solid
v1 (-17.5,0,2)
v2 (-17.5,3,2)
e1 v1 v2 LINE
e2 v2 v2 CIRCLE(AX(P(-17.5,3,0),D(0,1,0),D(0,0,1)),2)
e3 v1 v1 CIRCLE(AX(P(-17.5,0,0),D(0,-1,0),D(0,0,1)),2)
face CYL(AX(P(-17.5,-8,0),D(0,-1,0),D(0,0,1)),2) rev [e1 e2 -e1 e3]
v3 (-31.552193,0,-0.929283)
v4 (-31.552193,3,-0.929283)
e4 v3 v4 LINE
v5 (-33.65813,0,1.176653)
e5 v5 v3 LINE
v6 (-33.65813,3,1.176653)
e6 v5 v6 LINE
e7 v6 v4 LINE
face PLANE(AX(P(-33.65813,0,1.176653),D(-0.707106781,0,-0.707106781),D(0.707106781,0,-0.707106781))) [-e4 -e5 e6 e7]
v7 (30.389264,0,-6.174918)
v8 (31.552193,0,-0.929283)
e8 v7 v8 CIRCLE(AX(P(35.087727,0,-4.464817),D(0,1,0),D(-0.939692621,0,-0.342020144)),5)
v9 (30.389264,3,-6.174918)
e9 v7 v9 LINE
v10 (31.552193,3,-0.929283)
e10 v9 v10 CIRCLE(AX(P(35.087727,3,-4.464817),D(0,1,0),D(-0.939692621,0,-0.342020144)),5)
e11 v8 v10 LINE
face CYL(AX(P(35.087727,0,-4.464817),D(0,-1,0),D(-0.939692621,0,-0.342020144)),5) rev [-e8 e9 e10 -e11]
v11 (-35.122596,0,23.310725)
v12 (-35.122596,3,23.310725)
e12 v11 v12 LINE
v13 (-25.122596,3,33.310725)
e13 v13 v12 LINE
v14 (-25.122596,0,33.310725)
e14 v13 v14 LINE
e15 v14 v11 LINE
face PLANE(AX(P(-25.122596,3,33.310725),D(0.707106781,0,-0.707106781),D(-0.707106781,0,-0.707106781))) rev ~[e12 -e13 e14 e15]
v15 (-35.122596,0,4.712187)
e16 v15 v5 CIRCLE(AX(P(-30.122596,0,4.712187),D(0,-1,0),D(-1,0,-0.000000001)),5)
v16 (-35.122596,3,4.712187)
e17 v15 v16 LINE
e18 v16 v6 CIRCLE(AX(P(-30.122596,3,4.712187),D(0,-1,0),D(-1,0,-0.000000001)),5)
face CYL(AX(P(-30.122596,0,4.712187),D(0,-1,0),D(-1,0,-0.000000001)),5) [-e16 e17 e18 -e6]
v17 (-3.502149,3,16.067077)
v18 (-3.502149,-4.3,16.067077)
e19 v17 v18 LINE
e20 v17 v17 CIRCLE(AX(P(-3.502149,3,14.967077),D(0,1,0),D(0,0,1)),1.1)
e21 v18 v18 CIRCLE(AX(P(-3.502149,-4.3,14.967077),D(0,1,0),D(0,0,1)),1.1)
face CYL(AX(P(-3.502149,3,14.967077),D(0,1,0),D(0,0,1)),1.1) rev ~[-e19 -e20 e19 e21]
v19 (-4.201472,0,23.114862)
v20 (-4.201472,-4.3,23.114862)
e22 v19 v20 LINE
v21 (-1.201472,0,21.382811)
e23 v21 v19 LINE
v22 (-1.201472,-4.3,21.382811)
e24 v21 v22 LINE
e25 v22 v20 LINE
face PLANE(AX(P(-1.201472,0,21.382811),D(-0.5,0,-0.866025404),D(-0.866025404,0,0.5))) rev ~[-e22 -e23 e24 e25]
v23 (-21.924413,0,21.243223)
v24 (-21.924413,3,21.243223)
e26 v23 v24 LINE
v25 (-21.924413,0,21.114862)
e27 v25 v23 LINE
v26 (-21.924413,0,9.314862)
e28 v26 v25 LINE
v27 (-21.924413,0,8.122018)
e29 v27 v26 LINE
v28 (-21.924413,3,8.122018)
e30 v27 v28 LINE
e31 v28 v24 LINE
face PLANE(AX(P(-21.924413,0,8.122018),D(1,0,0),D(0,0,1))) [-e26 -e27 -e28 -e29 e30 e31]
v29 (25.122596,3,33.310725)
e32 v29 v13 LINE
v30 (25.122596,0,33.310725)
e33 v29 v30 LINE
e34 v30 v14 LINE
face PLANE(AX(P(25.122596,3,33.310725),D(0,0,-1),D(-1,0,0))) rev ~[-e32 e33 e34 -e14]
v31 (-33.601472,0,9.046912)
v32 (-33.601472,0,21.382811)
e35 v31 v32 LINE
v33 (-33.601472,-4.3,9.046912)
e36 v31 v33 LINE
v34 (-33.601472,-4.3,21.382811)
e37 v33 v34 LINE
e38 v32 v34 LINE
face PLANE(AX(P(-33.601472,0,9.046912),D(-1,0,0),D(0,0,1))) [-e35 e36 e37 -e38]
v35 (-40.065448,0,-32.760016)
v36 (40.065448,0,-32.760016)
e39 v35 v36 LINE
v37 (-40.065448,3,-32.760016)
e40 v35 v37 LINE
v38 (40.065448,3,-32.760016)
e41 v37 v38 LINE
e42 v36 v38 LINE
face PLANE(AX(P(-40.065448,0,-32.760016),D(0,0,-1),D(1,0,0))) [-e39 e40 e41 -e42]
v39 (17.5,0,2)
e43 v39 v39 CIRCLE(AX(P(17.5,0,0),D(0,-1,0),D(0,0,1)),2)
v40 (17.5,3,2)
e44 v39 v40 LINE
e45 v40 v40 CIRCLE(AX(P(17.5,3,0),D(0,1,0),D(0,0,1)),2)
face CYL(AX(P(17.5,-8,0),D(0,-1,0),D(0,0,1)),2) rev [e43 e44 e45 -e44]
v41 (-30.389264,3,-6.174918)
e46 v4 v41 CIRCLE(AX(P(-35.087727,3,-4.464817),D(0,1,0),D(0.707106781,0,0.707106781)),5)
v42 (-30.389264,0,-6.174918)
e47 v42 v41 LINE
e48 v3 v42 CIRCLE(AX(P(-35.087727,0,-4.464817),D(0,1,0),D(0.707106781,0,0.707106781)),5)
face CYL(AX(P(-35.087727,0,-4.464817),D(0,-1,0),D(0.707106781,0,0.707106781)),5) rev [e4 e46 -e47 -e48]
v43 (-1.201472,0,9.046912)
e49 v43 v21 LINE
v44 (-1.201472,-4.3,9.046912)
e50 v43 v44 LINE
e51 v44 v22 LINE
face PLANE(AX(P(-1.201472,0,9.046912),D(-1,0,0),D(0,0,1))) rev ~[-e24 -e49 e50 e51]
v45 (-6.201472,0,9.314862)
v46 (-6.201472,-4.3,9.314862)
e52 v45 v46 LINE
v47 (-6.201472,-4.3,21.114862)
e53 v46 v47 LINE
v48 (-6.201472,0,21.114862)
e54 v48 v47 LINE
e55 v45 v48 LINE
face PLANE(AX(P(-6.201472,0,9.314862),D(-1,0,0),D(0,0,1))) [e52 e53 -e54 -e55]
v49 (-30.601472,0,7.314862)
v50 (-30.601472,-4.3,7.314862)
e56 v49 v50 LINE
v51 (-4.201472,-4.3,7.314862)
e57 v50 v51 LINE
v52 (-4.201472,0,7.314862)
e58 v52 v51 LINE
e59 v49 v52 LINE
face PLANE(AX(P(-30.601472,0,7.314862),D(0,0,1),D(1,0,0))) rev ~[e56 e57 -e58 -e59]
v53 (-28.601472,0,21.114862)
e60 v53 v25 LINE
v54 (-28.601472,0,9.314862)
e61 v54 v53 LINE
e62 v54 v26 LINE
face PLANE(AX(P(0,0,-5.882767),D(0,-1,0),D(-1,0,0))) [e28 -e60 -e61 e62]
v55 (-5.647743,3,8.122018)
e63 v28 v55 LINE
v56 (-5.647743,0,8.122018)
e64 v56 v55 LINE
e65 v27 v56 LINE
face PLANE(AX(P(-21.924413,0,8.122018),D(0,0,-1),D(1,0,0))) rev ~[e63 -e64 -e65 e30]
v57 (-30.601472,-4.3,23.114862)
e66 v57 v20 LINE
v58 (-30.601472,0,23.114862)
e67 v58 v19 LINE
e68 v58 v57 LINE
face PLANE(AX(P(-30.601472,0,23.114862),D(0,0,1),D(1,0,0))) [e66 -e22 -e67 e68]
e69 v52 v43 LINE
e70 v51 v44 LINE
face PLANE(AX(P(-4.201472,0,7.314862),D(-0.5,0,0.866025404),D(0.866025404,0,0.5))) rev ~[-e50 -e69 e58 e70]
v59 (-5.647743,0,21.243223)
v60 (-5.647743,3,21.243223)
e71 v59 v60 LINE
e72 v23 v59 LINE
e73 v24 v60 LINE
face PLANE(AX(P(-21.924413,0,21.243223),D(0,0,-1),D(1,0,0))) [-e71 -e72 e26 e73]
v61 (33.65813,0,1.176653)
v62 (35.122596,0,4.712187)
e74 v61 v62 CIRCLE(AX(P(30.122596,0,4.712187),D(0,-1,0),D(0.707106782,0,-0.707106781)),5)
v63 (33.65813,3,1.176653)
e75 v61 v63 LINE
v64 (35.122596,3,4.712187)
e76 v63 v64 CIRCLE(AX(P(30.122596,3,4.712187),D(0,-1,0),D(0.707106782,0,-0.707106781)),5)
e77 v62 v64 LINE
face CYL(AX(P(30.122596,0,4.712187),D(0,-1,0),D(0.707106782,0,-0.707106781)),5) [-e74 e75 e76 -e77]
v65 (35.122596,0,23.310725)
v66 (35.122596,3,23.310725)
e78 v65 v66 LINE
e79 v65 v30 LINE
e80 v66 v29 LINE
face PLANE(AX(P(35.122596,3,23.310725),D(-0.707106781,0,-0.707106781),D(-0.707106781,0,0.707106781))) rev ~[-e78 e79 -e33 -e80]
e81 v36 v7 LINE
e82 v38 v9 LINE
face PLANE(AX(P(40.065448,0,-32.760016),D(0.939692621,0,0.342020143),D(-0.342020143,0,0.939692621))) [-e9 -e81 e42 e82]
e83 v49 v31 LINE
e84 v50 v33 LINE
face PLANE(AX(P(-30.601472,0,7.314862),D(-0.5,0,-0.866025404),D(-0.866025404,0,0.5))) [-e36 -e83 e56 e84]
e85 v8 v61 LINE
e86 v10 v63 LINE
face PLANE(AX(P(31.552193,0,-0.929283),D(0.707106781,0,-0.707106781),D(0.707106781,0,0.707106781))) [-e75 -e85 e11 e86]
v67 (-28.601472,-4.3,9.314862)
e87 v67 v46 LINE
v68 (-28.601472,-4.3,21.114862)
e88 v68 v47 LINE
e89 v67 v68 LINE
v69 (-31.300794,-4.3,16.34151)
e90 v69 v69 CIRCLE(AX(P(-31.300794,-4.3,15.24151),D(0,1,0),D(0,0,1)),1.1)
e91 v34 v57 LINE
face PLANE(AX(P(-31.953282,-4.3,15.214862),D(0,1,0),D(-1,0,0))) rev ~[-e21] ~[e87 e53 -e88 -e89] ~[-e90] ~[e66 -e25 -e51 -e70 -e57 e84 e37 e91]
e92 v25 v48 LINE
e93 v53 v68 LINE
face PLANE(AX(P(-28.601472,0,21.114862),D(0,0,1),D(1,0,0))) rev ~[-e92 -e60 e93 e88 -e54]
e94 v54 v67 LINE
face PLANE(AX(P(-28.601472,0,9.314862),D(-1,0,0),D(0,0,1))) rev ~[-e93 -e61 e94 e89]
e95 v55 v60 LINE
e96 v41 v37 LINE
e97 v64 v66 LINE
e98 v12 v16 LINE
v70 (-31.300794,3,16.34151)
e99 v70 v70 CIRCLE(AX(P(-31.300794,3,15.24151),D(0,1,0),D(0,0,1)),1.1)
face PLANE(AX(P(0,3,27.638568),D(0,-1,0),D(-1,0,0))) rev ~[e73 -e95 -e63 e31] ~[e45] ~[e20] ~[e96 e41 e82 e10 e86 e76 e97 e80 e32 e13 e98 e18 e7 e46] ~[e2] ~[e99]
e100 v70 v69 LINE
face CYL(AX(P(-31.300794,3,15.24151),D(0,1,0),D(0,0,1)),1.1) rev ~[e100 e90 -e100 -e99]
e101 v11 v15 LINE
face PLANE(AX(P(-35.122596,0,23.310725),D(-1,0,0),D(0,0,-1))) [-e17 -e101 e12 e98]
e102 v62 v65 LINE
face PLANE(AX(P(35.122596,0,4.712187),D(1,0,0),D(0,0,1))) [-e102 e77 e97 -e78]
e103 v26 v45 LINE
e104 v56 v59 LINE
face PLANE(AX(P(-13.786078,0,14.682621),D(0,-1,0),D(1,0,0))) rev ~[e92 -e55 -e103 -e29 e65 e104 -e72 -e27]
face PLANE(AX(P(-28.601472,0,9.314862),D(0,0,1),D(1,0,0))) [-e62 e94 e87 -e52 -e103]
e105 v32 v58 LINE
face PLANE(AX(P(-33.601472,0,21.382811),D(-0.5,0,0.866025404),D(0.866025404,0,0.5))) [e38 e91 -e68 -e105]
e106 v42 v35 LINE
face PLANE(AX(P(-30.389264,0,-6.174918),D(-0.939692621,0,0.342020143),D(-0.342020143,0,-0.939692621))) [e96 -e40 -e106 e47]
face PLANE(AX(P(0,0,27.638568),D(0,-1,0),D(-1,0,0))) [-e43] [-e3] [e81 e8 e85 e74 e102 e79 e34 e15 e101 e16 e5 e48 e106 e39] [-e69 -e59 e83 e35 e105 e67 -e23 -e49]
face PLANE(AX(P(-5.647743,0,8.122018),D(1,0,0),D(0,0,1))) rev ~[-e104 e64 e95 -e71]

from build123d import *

# Parameters (mm, degrees)
BOSS_EXTRUDE1_DEPTH = 3
SKETCH2_R           = 2
BOSS_EXTRUDE2_DEPTH = 10
SKETCH3_R           = 1.1
CUT_EXTRUDE1_DEPTH  = 10
SKETCH4_W           = 26.4
SKETCH4_H           = 15.8
SKETCH4_W_2         = 22.4
SKETCH4_H_2         = 11.8
BOSS_EXTRUDE3_DEPTH = 4.3
BOSS_EXTRUDE4_DEPTH = 4.3
SKETCH6_R           = 1.1
CUT_EXTRUDE2_DEPTH  = 20.3
SKETCH7_W           = 16.276669309
SKETCH7_H           = 13.12120508
CUT_EXTRUDE3_DEPTH  = 20.3
BOSS_EXTRUDE5_DEPTH = 3
CUT_EXTRUDE4_START  = -21
SKETCH10_R          = 2
CUT_EXTRUDE4_DEPTH  = 21


with BuildPart() as part:
    # Sketch1 → Boss-Extrude1 (new body)
    with BuildSketch(Plane(origin=(0, 0, 0), x_dir=(1, 0, 0), z_dir=(0, 1, 0))):
        with BuildLine():
            Line((-30.38926404, 6.174917902), (-40.065448474, 32.76001614))
            Line((-40.065448474, 32.76001614), (40.065448474, 32.76001614))
            Line((40.065448474, 32.76001614), (30.38926404, 6.174917902))
            ThreePointArc((30.38926404, 6.174917902), (30.206247108, 3.382619115), (31.552193238, 0.929283279))
            Line((31.552193238, 0.929283279), (33.658129878, -1.17665336))
            ThreePointArc((33.658129878, -1.17665336), (34.741993634, -2.798770105), (35.122595972, -4.712187266))
            Line((35.122595972, -4.712187266), (35.122595972, -23.310725409))
            Line((35.122595972, -23.310725409), (-35.122595972, -23.310725409))
            Line((-35.122595972, -23.310725409), (-35.122595972, -4.712187266))
            ThreePointArc((-35.122595972, -4.712187266), (-34.741993634, -2.798770105), (-33.658129878, -1.17665336))
            Line((-33.658129878, -1.17665336), (-31.552193238, 0.929283279))
            ThreePointArc((-31.552193238, 0.929283279), (-30.206247108, 3.382619115), (-30.38926404, 6.174917902))
        make_face()
    extrude(amount=BOSS_EXTRUDE1_DEPTH)

    # Sketch2 → Boss-Extrude2 (add)
    with BuildSketch(Plane(origin=(0, 3, 0), x_dir=(1, 0, 0), z_dir=(0, 1, 0))):
        with Locations(Location((17.5, 0, 0), (0, 0, 270))):
            Circle(SKETCH2_R)
        with Locations(Location((-17.5, 0, 0), (0, 0, 270))):
            Circle(SKETCH2_R)
    extrude(amount=BOSS_EXTRUDE2_DEPTH)

    # Sketch3 → Cut-Extrude1 (cut)
    with BuildSketch(Plane(origin=(0, 3, 0), x_dir=(1, 0, 0), z_dir=(0, 1, 0))):
        with Locations(Location((-31.300794494, -15.24150981, 0), (0, 0, 270))):
            Circle(SKETCH3_R)
        with Locations(Location((-3.502149082, -14.967077195, 0), (0, 0, 270))):
            Circle(SKETCH3_R)
    extrude(amount=-CUT_EXTRUDE1_DEPTH, mode=Mode.SUBTRACT)

    # Sketch4 → Boss-Extrude3 (add)
    with BuildSketch(Plane.XZ):
        with Locations((-17.401471788, 15.214861671)):
            Rectangle(SKETCH4_W, SKETCH4_H)
        with Locations((-17.401471788, 15.214861671)):
            Rectangle(SKETCH4_W_2, SKETCH4_H_2, mode=Mode.SUBTRACT)
    extrude(amount=BOSS_EXTRUDE3_DEPTH)

    # Sketch5 → Boss-Extrude4 (add)
    with BuildSketch(Plane.XZ):
        Polygon((-30.601471788, 23.114861671), (-30.601471788, 7.314861671), (-33.601471788, 9.046912478), (-33.601471788, 21.382810863), align=None)
        Polygon((-1.201471788, 21.382810863), (-4.201471788, 23.114861671), (-4.201471788, 7.314861671), (-1.201471788, 9.046912478), align=None)
    extrude(amount=BOSS_EXTRUDE4_DEPTH)

    # Sketch6 → Cut-Extrude2 (cut)
    with BuildSketch(Plane(origin=(0, 3, 0), x_dir=(1, 0, 0), z_dir=(0, 1, 0))):
        with Locations(Location((-31.300794494, -15.24150981, 0), (0, 0, 270))):
            Circle(SKETCH6_R)
        with Locations(Location((-3.502149082, -14.967077195, 0), (0, 0, 270))):
            Circle(SKETCH6_R)
    extrude(amount=-CUT_EXTRUDE2_DEPTH, mode=Mode.SUBTRACT)

    # Sketch7 → Cut-Extrude3 (cut)
    with BuildSketch(Plane.XZ):
        with Locations((-13.786077898, 14.682620826)):
            Rectangle(SKETCH7_W, SKETCH7_H)
    extrude(amount=-CUT_EXTRUDE3_DEPTH, mode=Mode.SUBTRACT)

    # Sketch8 → Boss-Extrude5 (add)
    with BuildSketch(Plane(origin=(0, 3, 0), x_dir=(1, 0, 0), z_dir=(0, 1, 0))):
        Polygon((-35.122595972, -23.310725409), (35.122595972, -23.310725409), (25.122595972, -33.310725409), (-25.122595972, -33.310725409), align=None)
    extrude(amount=-BOSS_EXTRUDE5_DEPTH)

    # Sketch10 → Cut-Extrude4 (cut)
    with BuildSketch(Plane(origin=(0, 13, 0), x_dir=(1, 0, 0), z_dir=(0, 1, 0)).offset(CUT_EXTRUDE4_START)):
        with Locations(Location((-17.5, 0, 0), (0, 0, 270))):
            Circle(SKETCH10_R)
        with Locations(Location((17.5, 0, 0), (0, 0, 270))):
            Circle(SKETCH10_R)
    extrude(amount=CUT_EXTRUDE4_DEPTH, mode=Mode.SUBTRACT)


solid = part.part
